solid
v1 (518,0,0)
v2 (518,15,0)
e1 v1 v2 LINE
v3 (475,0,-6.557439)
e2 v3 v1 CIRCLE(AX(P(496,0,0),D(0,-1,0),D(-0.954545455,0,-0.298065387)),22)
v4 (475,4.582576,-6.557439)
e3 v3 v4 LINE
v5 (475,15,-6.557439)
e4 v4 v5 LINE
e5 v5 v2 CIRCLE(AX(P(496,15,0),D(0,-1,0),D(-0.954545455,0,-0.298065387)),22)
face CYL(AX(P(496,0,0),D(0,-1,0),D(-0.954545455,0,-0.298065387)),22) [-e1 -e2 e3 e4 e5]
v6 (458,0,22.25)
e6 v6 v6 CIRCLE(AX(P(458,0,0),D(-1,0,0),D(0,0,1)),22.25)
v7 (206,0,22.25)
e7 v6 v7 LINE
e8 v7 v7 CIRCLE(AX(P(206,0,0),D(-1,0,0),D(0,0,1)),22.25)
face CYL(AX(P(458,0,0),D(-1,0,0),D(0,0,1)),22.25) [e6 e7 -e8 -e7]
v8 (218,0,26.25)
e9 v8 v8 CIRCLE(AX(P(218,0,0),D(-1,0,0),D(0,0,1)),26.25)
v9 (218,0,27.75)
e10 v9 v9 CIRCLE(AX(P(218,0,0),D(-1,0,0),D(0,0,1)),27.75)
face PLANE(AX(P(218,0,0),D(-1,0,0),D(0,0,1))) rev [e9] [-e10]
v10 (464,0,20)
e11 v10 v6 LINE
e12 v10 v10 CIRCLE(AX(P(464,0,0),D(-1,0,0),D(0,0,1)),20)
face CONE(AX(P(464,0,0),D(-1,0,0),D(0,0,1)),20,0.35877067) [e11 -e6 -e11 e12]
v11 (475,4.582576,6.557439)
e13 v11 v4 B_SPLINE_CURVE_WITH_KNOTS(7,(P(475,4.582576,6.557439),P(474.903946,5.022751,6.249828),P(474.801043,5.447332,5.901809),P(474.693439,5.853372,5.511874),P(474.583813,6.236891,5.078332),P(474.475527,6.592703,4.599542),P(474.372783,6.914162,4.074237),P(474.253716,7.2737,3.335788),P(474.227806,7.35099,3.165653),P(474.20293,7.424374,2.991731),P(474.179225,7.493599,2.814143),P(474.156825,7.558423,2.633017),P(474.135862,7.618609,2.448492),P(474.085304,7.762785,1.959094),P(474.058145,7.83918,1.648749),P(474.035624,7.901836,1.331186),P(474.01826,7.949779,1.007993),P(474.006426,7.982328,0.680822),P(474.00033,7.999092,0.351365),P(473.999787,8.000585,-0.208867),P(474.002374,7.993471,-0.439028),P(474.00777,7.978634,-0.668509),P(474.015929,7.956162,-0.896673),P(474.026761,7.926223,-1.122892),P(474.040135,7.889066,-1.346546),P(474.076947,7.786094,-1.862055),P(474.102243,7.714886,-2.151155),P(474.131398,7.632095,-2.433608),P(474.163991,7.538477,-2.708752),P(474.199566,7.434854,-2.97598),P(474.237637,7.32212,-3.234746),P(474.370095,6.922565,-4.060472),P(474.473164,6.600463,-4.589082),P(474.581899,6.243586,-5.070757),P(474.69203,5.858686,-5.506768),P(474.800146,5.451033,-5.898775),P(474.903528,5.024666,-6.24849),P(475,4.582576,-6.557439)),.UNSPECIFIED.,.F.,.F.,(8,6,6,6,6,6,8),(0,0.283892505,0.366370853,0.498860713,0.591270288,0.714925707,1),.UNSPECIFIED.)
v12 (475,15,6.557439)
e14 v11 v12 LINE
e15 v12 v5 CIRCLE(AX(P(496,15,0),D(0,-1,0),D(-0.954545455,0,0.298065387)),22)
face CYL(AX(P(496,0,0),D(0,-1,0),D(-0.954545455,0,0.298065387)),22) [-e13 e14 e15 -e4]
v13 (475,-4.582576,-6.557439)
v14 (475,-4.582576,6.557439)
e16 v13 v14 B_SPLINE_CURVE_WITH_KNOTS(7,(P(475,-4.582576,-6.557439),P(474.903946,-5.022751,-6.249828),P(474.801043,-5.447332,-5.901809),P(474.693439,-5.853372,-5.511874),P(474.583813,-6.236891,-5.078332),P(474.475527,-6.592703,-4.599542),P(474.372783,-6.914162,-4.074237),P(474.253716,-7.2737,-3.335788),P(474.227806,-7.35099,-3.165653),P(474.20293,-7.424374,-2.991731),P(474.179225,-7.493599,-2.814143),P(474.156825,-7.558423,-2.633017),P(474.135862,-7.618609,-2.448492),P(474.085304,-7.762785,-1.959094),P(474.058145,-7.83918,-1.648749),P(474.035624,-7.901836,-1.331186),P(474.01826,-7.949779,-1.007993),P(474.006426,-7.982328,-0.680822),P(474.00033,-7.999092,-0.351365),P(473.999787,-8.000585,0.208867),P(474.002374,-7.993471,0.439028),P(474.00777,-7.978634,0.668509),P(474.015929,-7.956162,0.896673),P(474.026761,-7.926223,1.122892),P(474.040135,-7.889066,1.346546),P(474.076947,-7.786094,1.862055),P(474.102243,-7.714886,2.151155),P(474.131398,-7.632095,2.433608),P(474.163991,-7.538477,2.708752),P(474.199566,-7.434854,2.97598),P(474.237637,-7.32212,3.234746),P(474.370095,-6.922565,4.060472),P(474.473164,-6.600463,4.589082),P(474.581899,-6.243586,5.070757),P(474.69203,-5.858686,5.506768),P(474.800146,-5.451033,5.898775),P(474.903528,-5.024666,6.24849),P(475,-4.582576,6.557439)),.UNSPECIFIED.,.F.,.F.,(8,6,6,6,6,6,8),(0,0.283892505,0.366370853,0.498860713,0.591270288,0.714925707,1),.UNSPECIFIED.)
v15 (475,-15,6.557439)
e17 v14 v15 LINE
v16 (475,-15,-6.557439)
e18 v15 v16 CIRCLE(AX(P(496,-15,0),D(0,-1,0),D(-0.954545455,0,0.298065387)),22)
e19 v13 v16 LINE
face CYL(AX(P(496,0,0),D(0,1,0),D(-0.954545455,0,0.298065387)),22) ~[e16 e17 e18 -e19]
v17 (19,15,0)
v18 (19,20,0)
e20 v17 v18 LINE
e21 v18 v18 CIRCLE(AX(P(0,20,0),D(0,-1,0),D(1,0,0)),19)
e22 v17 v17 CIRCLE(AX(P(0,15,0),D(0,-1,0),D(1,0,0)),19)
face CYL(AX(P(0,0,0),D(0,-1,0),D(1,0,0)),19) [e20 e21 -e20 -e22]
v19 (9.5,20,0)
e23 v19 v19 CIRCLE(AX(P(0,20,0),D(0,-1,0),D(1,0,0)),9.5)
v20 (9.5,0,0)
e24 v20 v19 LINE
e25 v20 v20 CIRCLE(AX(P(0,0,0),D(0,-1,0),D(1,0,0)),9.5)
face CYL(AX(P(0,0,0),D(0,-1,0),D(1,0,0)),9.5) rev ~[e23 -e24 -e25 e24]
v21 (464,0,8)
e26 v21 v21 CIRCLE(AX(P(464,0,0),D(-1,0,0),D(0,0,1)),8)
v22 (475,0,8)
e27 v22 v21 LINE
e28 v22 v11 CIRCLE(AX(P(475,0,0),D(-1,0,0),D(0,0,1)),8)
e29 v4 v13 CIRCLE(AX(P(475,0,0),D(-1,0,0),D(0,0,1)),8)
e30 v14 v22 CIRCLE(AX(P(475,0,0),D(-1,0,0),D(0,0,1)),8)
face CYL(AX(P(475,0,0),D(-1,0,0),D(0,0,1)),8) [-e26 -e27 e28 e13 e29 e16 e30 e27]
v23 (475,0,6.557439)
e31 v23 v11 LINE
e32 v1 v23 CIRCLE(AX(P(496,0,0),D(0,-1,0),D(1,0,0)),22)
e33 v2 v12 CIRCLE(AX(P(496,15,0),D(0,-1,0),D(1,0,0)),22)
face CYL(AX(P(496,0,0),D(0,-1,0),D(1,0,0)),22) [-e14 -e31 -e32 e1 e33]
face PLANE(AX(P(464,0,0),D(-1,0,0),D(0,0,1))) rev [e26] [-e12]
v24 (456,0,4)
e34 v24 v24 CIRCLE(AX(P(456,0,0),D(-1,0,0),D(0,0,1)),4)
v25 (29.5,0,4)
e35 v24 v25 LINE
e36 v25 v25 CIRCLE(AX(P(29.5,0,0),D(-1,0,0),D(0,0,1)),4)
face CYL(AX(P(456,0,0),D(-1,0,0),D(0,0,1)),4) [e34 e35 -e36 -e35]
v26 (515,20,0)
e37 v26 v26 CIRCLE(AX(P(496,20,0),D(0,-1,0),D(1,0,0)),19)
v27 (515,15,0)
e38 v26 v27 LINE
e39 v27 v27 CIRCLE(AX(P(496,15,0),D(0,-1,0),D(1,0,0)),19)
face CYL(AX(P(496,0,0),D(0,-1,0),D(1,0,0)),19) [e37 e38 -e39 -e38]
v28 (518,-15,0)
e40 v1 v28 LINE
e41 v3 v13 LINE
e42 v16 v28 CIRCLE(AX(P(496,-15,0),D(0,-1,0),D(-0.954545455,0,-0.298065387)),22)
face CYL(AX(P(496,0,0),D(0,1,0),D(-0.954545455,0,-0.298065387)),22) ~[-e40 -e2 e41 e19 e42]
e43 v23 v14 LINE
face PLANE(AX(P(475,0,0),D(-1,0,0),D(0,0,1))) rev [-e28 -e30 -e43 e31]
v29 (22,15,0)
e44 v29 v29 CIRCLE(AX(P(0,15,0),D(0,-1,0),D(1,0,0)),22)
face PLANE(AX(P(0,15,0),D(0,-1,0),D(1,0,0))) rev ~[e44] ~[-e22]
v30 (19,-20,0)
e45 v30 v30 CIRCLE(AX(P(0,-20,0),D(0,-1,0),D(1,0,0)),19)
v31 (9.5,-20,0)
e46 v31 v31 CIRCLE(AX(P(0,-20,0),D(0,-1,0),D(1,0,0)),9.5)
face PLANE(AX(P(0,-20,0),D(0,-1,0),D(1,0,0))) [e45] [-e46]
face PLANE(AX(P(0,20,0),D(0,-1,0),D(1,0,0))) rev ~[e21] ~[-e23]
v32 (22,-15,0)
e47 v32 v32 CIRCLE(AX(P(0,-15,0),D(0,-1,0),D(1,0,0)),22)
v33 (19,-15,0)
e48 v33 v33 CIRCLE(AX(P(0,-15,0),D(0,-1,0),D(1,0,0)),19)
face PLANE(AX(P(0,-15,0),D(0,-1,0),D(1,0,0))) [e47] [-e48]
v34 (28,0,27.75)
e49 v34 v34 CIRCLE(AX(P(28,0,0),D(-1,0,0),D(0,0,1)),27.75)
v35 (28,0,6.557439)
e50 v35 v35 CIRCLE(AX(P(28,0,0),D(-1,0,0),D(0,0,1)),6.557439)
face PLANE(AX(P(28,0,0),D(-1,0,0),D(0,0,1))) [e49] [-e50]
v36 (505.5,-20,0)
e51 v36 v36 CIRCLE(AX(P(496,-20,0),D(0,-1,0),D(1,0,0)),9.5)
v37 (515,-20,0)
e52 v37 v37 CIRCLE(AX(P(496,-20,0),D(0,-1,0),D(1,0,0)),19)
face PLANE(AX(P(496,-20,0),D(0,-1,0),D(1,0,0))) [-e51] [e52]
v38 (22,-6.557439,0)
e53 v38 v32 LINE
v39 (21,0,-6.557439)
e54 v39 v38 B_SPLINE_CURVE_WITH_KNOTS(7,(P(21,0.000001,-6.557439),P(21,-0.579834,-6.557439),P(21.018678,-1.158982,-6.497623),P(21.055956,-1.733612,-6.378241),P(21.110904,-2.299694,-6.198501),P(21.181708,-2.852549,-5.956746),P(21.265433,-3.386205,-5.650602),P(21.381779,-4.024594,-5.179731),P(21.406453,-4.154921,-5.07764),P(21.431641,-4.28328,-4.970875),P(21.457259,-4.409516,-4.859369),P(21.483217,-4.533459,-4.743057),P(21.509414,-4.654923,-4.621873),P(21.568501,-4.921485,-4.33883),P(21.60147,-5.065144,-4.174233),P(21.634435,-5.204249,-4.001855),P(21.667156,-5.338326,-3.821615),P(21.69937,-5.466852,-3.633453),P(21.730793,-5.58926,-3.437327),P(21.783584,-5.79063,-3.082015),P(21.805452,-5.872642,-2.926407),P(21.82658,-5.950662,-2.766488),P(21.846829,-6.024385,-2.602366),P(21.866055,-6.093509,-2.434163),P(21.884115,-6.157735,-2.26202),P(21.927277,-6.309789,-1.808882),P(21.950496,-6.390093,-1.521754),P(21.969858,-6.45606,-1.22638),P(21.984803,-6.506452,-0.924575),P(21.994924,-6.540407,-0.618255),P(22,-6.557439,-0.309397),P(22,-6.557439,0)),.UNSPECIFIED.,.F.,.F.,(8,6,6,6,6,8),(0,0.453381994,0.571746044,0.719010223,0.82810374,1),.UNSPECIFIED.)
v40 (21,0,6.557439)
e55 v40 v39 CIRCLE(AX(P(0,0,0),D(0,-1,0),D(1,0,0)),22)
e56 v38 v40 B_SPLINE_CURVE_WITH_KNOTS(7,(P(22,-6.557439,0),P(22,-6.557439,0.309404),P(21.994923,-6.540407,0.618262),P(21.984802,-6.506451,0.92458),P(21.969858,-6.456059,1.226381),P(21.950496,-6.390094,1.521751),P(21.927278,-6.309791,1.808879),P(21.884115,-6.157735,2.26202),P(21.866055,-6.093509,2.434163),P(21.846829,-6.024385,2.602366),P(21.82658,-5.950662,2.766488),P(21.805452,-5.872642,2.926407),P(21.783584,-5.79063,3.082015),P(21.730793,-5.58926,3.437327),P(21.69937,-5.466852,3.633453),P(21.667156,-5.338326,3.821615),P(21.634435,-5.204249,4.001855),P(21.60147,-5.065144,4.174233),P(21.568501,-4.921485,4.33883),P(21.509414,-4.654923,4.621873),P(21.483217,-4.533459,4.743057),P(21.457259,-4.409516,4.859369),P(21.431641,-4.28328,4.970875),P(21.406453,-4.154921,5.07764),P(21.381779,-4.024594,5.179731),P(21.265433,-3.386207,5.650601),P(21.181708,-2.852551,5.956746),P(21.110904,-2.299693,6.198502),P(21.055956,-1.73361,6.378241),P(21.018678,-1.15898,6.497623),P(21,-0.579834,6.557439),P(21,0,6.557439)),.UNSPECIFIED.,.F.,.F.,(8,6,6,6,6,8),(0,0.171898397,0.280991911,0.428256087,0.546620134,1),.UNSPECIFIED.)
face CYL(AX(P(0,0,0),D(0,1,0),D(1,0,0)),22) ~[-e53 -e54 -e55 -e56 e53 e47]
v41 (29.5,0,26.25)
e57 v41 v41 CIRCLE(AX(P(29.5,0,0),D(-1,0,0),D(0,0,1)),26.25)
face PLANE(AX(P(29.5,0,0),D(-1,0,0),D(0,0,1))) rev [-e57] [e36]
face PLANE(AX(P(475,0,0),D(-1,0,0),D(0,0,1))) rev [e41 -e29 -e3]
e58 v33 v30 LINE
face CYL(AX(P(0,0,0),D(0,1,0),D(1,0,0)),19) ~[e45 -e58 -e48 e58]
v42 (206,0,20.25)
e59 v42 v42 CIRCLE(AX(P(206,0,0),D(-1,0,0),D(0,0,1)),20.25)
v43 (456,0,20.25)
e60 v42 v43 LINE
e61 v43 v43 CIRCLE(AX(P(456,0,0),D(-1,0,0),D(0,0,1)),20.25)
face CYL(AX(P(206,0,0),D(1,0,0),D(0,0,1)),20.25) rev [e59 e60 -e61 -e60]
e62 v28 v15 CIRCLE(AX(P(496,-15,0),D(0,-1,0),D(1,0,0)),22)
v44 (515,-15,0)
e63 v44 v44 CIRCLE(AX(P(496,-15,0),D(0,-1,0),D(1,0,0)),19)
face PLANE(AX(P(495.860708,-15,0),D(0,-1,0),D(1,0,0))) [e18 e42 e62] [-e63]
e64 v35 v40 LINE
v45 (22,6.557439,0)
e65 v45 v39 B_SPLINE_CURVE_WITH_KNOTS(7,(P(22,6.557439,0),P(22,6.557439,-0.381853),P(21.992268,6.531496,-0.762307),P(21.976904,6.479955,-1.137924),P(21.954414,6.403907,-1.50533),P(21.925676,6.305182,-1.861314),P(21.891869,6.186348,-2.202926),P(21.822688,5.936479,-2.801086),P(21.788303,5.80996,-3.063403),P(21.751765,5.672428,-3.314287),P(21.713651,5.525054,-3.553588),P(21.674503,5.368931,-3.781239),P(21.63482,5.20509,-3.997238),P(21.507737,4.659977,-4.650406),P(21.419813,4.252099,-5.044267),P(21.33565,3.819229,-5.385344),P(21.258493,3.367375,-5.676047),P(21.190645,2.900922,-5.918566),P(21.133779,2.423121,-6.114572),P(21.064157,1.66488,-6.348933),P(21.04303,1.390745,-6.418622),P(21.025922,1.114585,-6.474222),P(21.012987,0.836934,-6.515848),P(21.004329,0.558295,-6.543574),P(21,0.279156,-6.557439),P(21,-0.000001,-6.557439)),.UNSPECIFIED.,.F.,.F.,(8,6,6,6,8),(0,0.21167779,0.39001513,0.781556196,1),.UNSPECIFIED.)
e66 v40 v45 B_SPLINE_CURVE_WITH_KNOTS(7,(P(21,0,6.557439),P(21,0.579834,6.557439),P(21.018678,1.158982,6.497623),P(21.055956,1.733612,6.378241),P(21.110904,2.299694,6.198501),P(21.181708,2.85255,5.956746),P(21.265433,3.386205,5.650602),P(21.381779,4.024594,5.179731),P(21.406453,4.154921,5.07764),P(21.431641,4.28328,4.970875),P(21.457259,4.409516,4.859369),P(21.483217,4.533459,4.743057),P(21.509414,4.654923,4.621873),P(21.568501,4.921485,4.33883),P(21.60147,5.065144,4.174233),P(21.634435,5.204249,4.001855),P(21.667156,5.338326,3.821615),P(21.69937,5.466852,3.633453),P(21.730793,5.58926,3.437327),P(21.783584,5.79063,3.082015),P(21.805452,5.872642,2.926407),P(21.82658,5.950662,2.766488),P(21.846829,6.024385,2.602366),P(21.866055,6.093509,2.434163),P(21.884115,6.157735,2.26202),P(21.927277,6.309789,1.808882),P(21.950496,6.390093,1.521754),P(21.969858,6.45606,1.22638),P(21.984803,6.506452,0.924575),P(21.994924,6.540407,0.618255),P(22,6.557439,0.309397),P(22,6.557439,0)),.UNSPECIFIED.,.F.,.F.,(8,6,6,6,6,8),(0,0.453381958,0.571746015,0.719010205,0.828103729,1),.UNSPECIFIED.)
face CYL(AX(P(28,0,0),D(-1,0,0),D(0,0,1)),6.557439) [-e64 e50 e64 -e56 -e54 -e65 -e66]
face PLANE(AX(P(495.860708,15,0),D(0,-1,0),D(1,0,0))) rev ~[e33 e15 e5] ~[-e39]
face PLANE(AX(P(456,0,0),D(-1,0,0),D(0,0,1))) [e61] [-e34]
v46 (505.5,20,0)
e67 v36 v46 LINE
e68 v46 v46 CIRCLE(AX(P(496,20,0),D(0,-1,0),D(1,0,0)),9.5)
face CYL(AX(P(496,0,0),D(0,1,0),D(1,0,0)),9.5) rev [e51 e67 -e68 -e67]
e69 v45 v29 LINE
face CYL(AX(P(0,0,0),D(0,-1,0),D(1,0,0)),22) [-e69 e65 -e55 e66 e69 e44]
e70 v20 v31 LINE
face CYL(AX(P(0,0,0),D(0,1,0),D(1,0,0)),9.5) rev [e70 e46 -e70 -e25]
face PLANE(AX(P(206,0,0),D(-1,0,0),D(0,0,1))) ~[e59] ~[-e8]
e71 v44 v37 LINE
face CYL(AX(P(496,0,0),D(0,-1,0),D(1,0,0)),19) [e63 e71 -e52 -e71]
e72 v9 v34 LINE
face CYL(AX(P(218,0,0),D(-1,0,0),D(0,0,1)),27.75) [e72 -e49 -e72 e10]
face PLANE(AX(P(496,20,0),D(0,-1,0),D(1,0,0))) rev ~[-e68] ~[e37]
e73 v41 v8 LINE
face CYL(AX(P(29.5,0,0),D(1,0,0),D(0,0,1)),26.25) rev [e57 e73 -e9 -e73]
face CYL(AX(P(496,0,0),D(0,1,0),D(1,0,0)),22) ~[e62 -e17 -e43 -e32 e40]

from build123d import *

# Parameters (mm, degrees)
F0_W     = 188.5
F0_H     = 4
F0_W_2   = 12
F0_H_2   = 2
F0_W_3   = 238
F2_R     = 22
F2_R_2   = 19
F3_DEPTH = 15
F4_R     = 19
F4_R_2   = 9.5
F5_DEPTH = 20


with BuildPart() as f1:
    # F0 (on Front) → F1 (revolve)
    with BuildSketch(Plane.XZ):
        Polygon((28, 6.5574385243), (28, 0), (29.5, 0), (29.5, 4), (29.5, 26.25), (218, 26.25), (218, 27.75), (28, 27.75), align=None)
        with BuildLine():
            ThreePointArc((21, 6.5574385243), (21.7485631709, 3.3166247904), (22, 0))
            Line((22, 0), (28, 0))
            Line((28, 0), (28, 6.5574385243))
            Line((28, 6.5574385243), (21, 6.5574385243))
        make_face()
        with Locations((123.75, 2)):
            Rectangle(F0_W, F0_H)
        Polygon((456, 4), (456, 0), (458, 0), (458, 22.25), (218, 22.25), (218, 20.25), (456, 20.25), align=None)
        with Locations((212, 21.25)):
            Rectangle(F0_W_2, F0_H_2)
        with Locations((337, 2)):
            Rectangle(F0_W_3, F0_H)
        Polygon((458, 22.25), (458, 0), (464, 0), (464, 8), (464, 20), align=None)
        with BuildLine():
            Line((464, 8), (464, 0))
            Line((464, 0), (474, 0))
            ThreePointArc((474, 0), (474.2514368291, 3.3166247904), (475, 6.5574385243))
            Line((475, 6.5574385243), (475, 8))
            Line((475, 8), (464, 8))
        make_face()
        with BuildLine():
            ThreePointArc((475, 6.5574385243), (474.2514368291, 3.3166247904), (474, 0))
            Line((474, 0), (475, 0))
            Line((475, 0), (475, 6.5574385243))
        make_face()
    revolve(axis=Axis((242.75, 0, 0), (-1, 0, 0)))

    # F2 (on Front) → F3 (join, symmetric)
    with BuildSketch(Plane.XZ):
        Circle(F2_R)
        Circle(F2_R_2, mode=Mode.SUBTRACT)
        with BuildLine():
            ThreePointArc((518, 0), (499.3166247904, 21.7485631709), (475, 6.5574385243))
            Line((475, 6.5574385243), (475, -6.5574385243))
            ThreePointArc((475, -6.5574385243), (499.3166247904, -21.7485631709), (518, 0))
        make_face()
        with Locations((496, 0)):
            Circle(F2_R_2, mode=Mode.SUBTRACT)
        with BuildLine():
            Line((475, -6.5574385243), (475, 6.5574385243))
            ThreePointArc((475, 6.5574385243), (474, 0), (475, -6.5574385243))
        make_face()
    extrude(amount=F3_DEPTH, both=True)

    # F4 (on Front) → F5 (join, symmetric)
    with BuildSketch(Plane.XZ):
        Circle(F4_R)
        Circle(F4_R_2, mode=Mode.SUBTRACT)
        with Locations((496, 0)):
            Circle(F4_R)
        with Locations((496, 0)):
            Circle(F4_R_2, mode=Mode.SUBTRACT)
    extrude(amount=F5_DEPTH, both=True)


solid = f1.part
